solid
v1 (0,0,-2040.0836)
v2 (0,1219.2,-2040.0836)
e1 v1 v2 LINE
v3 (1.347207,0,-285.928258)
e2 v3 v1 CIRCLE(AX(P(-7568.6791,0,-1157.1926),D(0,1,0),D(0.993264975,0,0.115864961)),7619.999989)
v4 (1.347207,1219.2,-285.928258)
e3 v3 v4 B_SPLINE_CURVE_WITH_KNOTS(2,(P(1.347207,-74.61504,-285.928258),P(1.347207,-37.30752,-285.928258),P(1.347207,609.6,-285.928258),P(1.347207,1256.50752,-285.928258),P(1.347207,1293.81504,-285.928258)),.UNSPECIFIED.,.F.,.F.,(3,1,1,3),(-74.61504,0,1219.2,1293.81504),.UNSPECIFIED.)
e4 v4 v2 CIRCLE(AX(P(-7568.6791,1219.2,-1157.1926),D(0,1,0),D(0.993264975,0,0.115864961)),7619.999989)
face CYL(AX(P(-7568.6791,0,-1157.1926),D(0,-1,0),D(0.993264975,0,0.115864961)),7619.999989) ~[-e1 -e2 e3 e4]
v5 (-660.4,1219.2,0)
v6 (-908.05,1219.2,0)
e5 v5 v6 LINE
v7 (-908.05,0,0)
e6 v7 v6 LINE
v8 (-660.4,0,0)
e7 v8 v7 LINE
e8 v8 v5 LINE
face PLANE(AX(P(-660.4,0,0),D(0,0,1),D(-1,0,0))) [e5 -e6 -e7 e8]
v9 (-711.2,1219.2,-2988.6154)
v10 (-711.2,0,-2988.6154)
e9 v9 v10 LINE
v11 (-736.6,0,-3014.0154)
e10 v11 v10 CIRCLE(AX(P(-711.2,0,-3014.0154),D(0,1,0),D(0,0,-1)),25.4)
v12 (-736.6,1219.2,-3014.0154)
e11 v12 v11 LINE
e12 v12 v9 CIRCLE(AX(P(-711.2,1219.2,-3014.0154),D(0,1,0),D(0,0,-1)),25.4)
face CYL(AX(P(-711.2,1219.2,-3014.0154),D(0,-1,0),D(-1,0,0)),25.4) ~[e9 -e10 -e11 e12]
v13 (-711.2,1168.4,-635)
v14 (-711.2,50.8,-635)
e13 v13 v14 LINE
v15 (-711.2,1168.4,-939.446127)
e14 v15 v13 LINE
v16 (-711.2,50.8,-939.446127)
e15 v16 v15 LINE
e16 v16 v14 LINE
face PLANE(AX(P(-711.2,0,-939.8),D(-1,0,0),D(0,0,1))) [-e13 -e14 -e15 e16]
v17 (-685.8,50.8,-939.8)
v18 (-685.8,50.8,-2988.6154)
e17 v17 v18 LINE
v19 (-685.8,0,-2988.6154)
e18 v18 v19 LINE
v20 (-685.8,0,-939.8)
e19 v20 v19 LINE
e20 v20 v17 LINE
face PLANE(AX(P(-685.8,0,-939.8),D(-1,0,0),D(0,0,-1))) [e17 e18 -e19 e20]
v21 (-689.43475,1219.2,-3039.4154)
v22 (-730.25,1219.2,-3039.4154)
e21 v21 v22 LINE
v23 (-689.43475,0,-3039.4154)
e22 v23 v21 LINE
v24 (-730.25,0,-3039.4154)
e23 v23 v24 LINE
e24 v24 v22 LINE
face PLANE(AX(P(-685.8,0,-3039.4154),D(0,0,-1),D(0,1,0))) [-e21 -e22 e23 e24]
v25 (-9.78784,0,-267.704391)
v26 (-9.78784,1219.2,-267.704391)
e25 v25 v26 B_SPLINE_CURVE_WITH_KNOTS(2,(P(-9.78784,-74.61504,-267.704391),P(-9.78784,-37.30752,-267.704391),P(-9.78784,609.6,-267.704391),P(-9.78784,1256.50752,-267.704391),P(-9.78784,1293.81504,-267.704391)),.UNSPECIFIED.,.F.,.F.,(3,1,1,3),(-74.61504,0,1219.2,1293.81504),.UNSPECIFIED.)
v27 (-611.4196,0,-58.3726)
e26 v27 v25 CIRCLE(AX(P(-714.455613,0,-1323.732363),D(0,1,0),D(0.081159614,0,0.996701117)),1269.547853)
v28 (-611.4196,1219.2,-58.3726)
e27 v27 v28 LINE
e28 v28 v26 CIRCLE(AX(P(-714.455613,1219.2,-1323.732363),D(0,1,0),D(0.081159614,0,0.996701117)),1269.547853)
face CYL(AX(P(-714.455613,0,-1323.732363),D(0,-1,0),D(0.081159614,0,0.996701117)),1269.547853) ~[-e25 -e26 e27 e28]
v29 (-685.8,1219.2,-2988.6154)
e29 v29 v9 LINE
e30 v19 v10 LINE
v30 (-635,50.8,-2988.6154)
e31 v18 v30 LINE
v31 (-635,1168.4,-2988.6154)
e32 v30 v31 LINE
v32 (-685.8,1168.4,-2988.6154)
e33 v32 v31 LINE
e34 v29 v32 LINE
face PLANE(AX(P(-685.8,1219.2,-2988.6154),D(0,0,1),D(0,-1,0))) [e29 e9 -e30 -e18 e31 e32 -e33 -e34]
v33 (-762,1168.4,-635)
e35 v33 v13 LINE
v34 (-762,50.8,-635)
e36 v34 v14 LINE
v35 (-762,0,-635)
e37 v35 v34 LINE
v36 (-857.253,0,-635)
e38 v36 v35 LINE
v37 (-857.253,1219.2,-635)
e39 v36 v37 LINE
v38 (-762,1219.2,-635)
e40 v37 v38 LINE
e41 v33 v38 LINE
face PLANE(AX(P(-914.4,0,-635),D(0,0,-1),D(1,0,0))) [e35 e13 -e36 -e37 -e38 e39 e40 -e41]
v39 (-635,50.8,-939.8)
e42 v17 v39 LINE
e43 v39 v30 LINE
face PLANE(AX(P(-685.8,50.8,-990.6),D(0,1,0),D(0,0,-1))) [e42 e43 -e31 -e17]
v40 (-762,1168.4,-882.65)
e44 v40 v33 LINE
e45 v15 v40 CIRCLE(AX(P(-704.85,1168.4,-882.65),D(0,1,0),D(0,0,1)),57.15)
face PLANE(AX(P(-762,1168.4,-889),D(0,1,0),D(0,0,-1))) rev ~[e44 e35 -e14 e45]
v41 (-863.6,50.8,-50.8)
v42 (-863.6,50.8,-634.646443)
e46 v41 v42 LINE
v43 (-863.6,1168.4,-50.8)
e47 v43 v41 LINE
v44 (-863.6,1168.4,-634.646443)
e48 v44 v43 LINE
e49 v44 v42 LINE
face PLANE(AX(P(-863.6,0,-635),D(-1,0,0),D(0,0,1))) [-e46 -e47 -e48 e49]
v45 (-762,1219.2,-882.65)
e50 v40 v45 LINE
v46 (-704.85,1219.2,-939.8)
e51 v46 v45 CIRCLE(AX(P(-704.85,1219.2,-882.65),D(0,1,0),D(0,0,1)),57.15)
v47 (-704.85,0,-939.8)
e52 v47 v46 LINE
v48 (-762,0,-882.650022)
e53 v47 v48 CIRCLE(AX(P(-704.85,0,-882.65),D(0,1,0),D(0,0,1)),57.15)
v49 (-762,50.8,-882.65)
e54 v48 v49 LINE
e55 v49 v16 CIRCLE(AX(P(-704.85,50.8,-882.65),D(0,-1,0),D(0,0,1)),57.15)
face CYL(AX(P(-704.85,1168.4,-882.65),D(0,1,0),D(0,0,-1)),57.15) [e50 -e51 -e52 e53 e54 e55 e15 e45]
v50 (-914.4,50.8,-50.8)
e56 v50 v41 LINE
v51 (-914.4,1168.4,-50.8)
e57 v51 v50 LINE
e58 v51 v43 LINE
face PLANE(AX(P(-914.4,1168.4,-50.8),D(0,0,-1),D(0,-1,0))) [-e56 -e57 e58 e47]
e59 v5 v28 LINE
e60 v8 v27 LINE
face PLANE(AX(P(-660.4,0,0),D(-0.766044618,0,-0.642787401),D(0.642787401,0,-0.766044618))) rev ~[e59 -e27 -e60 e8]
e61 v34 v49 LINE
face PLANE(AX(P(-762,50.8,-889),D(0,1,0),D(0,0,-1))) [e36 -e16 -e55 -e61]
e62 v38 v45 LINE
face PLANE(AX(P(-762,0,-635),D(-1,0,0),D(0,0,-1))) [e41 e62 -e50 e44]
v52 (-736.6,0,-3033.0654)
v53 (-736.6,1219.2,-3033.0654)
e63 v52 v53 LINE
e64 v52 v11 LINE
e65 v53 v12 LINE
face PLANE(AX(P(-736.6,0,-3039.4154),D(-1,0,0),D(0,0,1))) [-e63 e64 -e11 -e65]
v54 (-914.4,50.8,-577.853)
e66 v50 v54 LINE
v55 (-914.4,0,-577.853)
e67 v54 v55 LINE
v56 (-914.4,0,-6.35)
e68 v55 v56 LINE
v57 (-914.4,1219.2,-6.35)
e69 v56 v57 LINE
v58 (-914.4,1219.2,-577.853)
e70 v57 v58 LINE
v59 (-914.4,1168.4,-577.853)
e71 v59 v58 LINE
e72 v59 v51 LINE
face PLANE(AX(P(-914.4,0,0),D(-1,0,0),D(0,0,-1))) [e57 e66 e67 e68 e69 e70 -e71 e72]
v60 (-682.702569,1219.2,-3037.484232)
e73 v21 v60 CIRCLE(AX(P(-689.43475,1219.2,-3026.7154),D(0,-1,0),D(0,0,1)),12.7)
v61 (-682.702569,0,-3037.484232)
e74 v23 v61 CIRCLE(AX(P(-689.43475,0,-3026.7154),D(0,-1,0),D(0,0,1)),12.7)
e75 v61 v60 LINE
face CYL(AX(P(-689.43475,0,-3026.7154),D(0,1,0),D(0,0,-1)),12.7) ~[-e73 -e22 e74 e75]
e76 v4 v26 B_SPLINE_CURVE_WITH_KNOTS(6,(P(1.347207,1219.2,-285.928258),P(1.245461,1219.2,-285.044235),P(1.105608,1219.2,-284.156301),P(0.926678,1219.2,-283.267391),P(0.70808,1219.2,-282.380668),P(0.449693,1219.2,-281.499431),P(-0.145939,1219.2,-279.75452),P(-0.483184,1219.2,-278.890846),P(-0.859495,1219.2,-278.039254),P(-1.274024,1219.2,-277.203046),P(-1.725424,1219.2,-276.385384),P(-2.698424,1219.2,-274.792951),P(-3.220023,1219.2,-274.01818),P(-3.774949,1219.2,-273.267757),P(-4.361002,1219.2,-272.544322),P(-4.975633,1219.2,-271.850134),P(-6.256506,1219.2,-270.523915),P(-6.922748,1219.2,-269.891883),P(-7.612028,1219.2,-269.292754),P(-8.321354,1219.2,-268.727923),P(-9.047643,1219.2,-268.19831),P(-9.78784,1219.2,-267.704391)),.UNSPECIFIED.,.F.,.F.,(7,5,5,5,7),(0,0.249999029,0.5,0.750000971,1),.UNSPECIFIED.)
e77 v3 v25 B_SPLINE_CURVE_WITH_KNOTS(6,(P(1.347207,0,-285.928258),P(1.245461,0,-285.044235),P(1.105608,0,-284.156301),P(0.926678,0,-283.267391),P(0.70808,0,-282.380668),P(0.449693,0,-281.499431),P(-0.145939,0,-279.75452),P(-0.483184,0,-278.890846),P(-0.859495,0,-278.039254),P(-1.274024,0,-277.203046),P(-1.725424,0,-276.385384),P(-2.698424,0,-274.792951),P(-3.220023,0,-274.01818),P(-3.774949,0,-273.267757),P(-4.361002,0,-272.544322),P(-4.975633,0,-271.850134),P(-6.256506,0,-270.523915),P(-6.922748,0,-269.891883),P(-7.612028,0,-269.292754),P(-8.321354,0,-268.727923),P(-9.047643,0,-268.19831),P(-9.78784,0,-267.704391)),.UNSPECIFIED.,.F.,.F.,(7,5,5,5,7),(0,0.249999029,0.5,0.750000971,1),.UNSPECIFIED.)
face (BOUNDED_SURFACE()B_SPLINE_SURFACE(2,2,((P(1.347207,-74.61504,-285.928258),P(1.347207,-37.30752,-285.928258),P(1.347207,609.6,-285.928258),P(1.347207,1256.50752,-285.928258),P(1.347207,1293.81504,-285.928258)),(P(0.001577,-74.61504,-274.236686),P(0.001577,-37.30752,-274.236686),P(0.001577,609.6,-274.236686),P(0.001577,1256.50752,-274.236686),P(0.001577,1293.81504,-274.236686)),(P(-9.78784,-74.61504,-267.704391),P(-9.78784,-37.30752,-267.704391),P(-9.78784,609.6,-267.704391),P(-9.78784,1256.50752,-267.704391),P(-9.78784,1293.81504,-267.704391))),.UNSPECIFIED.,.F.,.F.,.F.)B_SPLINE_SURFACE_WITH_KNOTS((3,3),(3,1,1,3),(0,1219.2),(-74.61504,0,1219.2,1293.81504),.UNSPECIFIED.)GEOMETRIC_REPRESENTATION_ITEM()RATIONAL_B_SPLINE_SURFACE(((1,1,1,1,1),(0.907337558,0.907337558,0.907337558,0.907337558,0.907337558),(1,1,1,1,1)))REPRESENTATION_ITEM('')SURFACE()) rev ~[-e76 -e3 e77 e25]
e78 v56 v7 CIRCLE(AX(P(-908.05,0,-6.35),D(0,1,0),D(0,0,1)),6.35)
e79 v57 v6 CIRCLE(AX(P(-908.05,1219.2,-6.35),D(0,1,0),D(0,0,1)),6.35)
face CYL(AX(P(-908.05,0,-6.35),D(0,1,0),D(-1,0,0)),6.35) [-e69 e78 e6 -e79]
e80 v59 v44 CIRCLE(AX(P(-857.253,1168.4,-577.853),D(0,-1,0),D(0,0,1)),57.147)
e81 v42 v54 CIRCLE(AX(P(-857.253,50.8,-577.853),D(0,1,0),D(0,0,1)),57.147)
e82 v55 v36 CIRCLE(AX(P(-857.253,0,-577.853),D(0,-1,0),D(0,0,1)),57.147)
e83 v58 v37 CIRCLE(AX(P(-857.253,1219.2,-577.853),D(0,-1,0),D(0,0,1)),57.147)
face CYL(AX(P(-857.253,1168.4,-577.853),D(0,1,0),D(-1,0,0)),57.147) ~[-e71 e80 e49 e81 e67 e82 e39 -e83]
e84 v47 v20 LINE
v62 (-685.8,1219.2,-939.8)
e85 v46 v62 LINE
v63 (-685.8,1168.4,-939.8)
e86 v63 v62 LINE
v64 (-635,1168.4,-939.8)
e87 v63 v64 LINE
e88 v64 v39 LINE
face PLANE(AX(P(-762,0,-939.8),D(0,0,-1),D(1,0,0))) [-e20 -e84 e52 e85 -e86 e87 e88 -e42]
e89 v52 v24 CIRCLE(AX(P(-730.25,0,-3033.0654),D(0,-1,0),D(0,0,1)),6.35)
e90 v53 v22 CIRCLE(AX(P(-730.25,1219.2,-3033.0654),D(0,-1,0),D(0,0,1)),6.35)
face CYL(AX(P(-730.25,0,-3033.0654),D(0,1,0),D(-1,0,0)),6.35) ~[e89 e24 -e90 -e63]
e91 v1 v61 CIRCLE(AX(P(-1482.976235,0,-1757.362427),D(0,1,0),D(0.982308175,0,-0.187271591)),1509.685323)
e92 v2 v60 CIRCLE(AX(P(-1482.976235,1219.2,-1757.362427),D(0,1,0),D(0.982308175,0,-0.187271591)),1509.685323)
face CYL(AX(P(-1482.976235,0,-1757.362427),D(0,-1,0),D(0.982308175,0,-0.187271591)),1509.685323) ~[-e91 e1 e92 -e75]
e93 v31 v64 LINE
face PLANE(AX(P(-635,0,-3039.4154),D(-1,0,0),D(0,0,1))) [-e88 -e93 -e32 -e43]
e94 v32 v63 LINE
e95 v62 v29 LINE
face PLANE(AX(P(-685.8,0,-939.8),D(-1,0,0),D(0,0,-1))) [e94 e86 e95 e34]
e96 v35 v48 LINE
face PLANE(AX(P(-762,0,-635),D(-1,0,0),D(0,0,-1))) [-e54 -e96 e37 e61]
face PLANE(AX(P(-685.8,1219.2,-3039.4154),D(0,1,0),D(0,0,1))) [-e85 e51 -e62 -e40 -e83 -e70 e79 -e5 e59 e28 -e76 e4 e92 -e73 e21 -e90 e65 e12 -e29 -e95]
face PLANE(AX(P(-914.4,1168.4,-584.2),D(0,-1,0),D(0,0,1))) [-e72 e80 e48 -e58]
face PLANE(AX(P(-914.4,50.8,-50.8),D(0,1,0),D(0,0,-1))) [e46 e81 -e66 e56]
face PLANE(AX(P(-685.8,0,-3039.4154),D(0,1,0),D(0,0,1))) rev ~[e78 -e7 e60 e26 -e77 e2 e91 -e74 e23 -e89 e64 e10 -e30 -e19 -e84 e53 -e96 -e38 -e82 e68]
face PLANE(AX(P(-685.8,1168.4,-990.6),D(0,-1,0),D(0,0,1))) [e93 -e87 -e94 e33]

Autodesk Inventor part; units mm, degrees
ref_plane "YZ Plane" through (0, 0, 0) normal (1, 0, 0) x (0, 1, 0)
ref_plane "XZ Plane" through (0, 0, 0) normal (0, 1, 0) x (-1, 0, 0)
ref_plane "XY Plane" through (0, 0, 0) normal (0, 0, 1) x (1, 0, 0)
sketch "Sketch1" plane through (0, 0, 0) normal (0, 1, 0) x (-1, 0, 0)
  line L0 (0, 0) -> (914.4, 0)
  line L1 (914.4, 0) -> (914.4, -70.0282)
  line L2 (0, 0) -> (508, 0)
  line L3 (914.4, 0) -> (660.4, 0)
  line L4 (660.4, 0) -> (611.4196, -58.3726)
  arc A0 (611.4196, -58.3726) -> (0, -274.3016) centre (714.4556, -1323.7323) ccw
  arc A1 (0, -2040.0836) -> (685.8, -3039.4154) centre (1482.9763, -1757.3624) ccw
  arc A2 (0, -274.3016) -> (0, -2040.0836) centre (7568.6791, -1157.1926) ccw
  line L5 (914.4, 0) -> (660.4, 0)
  line L6 (914.4, 0) -> (914.4, -635)
  line L7 (914.4, -635) -> (762, -635)
  line L8 (762, -635) -> (762, -939.8)
  line L9 (762, -939.8) -> (685.8, -939.8)
  line L10 (685.8, -939.8) -> (685.8, -3039.4154)
  dimension "d1" = 3048
  dimension "d2" = 508
  dimension "d11" = 76.2
  dimension "d12" = 130
  dimension "d14" = 7620
  dimension "d15" = 635
  dimension "d16" = 152.4
  dimension "d17" = 304.8
  dimension "d18" = 76.2
extrude "Extrusion1" add sketch "Sketch1" along normal blind 1219.2
sketch "Sketch3" plane through (-914.4, 0, -635) normal (-1, 0, 0) x (0, 0, 1)
  line L0 (0, 0) -> (635, 0) projected
  line L1 (0, 0) -> (0, 1219.2) projected
  line L2 (635, 0) -> (0, 0)
  line L3 (0, 0) -> (0, 1219.2)
  line L4 (0, 1219.2) -> (635, 1219.2)
  line L5 (635, 1219.2) -> (635, 0)
  line L6 (584.2, 50.8) -> (50.8, 50.8)
  line L7 (50.8, 1168.4) -> (584.2, 1168.4)
  line L8 (584.2, 1168.4) -> (584.2, 50.8)
  line L9 (50.8, 50.8) -> (0, 50.8)
  line L10 (0, 0) -> (0, 1219.2) projected
  line L11 (0, 50.8) -> (0, 1168.4)
  line L12 (50.8, 1168.4) -> (0, 1168.4)
  point P0 (0, 1168.4)
  dimension "d24" = 50.8
extrude "Extrusion3" cut sketch "Sketch3" against normal blind 50.8 contours L1 L12 L7 L8 L6 L9
sketch "Sketch4" plane through (-762, 0, -939.8) normal (-1, 0, 0) x (0, 0, 1)
  line L0 (0, 1219.2) -> (304.8, 1219.2) projected
  line L1 (304.8, 0) -> (0, 0)
  line L2 (0, 0) -> (0, 1219.2)
  line L3 (0, 1219.2) -> (304.8, 1219.2)
  line L4 (304.8, 1219.2) -> (304.8, 0)
  line L5 (254, 50.8) -> (50.8, 50.8)
  line L6 (50.8, 1168.4) -> (254, 1168.4)
  line L7 (50.8, 1168.4) -> (0, 1168.4)
  line L8 (0, 0) -> (0, 1219.2) projected
  line L9 (50.8, 50.8) -> (0, 50.8)
  line L10 (0, 50.8) -> (0, 1168.4)
  line L11 (254, 50.8) -> (304.8, 50.8)
  line L12 (304.8, 50.8) -> (304.8, 1168.4)
  line L13 (304.8, 0) -> (304.8, 1219.2) projected
  line L14 (254, 1168.4) -> (304.8, 1168.4)
  point P0 (939.8, 0)
extrude "Extrusion4" cut sketch "Sketch4" against normal blind 50.8 contours L7 L6 L14 L4 L11 L5 L9 L2
sketch "Sketch5" plane through (-685.8, 0, -3039.4154) normal (-1, 0, 0) x (0, 0, 1)
  line L0 (0, 1219.2) -> (2099.6154, 1219.2) projected
  line L1 (2099.6154, 0) -> (0, 0)
  line L2 (0, 0) -> (0, 1219.2)
  line L3 (0, 1219.2) -> (2099.6154, 1219.2)
  line L4 (2099.6154, 1219.2) -> (2099.6154, 0)
  line L5 (2048.8154, 50.8) -> (50.8, 50.8)
  line L6 (50.8, 50.8) -> (50.8, 1168.4)
  line L7 (50.8, 1168.4) -> (2048.8154, 1168.4)
  line L8 (2048.8154, 50.8) -> (2099.6154, 50.8)
  line L9 (2099.6154, 0) -> (2099.6154, 1219.2) projected
  line L10 (2099.6154, 1168.4) -> (2099.6154, 1219.2) projected
  line L11 (2048.8154, 1168.4) -> (2099.6154, 1168.4)
  line L12 (2099.6154, 1168.4) -> (2099.6154, 50.8)
  point P0 (3039.4154, 0)
extrude "Extrusion5" cut sketch "Sketch5" against normal blind 50.8 contours L4 L8 L5 L6 L7 L11
sketch "Sketch6" plane through (-685.8, 0, -3039.4154) normal (-1, 0, 0) x (0, 0, 1)
  line L0 (0, 0) -> (0, 1219.2) projected
  line L1 (0, 0) -> (2099.6154, 0) projected
  line L2 (0, 1219.2) -> (50.8, 1219.2)
  line L3 (50.8, 1219.2) -> (50.8, 0)
  line L4 (50.8, 0) -> (0, 0)
  line L5 (0, 0) -> (0, 1219.2)
  point P0 (3039.4154, 0)
  dimension "d33" = 50.8
extrude "Extrusion6" add sketch "Sketch6" along normal blind 50.8
fillet "Fillet1" radius 25.4 1 edges at (-736.6, 609.6, -2988.6154)
fillet "Fillet2" radius 6.35 1 edges at (-736.6, 609.6, -3039.4154)
fillet "Fillet3" radius 12.7 1 edges at (-685.8, 609.6, -3039.4154)
fillet "Fillet4" radius 25.4 1 edges at (0, 609.6, -274.3016)
fillet "Fillet5" radius 57.15 1 edges at (-914.4, 1193.8, -635)
fillet "Fillet6" radius 57.15 1 edges at (-762, 1193.8, -939.8)
fillet "Fillet7" radius 6.35 1 edges at (-914.4, 609.6, 0)
properties part number "ShipDesign-ver1-1111-2021" material "Wood (Oak)"
